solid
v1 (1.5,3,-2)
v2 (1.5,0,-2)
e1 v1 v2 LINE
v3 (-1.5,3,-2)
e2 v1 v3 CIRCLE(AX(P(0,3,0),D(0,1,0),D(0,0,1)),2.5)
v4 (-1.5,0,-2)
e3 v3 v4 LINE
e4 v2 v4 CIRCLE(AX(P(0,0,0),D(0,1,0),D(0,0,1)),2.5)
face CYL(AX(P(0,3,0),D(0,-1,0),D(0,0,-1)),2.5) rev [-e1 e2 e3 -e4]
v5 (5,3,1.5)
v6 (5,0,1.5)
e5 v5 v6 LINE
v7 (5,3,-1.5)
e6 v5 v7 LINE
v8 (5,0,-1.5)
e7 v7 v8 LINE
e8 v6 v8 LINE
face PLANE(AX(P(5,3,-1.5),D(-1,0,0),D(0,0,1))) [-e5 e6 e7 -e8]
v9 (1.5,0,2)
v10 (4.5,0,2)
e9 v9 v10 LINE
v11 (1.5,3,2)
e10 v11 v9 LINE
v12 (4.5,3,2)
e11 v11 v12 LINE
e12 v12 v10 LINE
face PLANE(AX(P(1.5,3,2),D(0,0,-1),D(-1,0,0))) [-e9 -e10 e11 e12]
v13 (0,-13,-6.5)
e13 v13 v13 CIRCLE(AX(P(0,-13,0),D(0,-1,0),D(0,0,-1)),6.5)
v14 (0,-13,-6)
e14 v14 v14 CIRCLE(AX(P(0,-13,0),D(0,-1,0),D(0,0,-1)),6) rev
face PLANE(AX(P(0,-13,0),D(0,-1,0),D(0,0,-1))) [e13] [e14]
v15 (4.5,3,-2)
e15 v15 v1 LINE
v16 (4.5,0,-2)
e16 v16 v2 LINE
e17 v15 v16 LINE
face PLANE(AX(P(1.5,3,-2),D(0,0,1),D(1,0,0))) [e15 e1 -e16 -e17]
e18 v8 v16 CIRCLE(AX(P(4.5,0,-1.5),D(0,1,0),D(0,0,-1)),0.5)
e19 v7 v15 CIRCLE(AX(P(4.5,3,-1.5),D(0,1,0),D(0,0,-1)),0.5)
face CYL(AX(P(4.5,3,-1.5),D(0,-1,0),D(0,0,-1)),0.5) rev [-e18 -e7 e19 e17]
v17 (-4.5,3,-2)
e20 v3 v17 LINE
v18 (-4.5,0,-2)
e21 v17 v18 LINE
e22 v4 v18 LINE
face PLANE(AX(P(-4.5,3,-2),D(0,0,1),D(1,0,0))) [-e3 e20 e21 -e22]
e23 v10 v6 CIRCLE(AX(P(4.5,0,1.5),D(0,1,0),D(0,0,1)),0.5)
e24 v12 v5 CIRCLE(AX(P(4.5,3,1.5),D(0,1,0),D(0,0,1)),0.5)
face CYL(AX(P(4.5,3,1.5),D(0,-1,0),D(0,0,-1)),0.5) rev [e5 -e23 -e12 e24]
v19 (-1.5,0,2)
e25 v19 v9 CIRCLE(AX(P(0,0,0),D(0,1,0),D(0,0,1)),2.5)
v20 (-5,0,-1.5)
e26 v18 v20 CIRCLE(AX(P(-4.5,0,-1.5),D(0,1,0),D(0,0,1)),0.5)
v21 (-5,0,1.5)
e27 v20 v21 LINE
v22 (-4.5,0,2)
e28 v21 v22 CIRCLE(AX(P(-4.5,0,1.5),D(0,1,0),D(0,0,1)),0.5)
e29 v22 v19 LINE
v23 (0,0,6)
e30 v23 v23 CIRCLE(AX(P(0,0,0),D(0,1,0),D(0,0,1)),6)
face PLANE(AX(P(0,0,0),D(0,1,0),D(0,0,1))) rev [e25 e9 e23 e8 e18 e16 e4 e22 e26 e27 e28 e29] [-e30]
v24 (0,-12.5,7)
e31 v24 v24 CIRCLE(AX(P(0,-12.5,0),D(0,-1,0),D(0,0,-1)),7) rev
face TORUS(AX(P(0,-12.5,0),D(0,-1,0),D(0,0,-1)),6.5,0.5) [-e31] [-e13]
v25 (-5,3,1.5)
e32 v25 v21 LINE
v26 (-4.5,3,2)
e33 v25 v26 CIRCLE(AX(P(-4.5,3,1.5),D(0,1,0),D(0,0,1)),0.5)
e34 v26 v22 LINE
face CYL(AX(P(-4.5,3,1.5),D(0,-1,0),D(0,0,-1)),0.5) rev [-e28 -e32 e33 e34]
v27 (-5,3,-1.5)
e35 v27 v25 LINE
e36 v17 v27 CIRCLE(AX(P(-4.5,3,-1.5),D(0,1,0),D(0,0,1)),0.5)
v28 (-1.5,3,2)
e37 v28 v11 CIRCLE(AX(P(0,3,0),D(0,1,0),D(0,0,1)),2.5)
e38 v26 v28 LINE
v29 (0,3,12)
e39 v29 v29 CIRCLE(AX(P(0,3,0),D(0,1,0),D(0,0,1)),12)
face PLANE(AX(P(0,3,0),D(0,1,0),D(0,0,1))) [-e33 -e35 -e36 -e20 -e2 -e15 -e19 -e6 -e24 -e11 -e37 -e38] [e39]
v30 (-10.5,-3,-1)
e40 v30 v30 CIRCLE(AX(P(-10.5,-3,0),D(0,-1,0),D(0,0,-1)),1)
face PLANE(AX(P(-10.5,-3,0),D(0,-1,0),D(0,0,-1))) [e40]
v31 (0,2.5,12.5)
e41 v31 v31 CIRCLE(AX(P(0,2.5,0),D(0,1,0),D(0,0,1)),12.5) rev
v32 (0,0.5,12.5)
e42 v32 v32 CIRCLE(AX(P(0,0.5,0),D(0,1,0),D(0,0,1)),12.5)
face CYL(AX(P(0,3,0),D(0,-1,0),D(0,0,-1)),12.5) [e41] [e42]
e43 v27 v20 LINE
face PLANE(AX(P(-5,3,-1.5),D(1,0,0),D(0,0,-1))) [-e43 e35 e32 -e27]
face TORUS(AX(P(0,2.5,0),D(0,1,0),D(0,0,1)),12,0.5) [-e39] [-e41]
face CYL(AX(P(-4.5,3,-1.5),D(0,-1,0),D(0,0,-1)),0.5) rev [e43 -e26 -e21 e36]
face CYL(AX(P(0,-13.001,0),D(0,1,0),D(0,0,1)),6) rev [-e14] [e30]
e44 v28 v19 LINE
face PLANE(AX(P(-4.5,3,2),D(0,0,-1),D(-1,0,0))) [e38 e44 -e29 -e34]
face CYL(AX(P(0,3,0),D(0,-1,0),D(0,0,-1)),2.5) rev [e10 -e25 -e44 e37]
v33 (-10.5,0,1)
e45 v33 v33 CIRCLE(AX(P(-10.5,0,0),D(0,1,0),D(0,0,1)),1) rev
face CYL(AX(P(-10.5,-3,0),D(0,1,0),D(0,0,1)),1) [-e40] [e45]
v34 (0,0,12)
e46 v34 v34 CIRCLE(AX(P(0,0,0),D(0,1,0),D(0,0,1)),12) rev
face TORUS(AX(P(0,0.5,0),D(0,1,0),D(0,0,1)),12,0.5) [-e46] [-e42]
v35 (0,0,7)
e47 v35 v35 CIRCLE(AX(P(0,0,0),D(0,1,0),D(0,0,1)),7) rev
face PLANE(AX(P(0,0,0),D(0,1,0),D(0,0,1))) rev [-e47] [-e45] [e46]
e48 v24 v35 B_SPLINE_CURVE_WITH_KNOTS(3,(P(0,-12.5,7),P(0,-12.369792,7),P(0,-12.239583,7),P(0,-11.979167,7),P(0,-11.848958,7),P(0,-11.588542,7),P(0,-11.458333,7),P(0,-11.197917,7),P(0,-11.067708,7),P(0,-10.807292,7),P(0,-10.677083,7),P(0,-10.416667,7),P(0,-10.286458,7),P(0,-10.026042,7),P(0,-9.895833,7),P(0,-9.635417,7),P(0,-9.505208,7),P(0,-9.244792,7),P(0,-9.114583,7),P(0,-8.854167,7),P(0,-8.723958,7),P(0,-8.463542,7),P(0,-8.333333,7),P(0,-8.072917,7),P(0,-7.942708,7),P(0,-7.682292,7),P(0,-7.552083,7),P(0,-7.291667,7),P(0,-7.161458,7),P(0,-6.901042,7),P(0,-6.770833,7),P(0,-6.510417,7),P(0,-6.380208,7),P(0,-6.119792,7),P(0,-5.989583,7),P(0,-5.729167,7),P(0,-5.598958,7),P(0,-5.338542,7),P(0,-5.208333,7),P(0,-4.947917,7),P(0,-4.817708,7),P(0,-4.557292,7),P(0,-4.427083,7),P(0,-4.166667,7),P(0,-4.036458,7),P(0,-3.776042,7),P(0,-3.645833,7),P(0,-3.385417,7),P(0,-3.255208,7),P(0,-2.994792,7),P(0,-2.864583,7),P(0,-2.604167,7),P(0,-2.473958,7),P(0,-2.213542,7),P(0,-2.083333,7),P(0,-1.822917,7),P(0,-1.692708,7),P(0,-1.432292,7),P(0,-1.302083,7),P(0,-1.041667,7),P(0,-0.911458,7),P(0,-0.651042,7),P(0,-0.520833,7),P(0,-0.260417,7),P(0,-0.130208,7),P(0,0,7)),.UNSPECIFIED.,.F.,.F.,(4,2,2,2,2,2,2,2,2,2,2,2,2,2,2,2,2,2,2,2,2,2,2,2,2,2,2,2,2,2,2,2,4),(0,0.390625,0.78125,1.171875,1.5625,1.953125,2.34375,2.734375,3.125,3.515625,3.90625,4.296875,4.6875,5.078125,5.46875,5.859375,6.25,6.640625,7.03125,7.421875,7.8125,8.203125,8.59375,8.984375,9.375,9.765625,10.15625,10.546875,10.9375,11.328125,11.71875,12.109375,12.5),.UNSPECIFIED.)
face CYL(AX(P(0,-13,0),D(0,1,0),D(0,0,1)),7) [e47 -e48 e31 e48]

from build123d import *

# Parameters (mm, degrees)
SKETCH1_R           = 12.5
BOSS_EXTRUDE1_DEPTH = 3
SKETCH3_R           = 1
BOSS_EXTRUDE2_DEPTH = 3
SKETCH4_R           = 7
BOSS_EXTRUDE3_DEPTH = 13
CUT_EXTRUDE1_REACH  = 23.943
SKETCH5_R           = 6
FILLET2_R           = 0.5
FILLET3_R           = 0.5


with BuildPart() as part:
    # Sketch1 → Boss-Extrude1 (new body)
    with BuildSketch(Plane(origin=(0, 0, 0), x_dir=(1, 0, 0), z_dir=(0, 1, 0))):
        with Locations(Location((0, 0, 0), (0, 0, 270))):
            Circle(SKETCH1_R)
        with BuildLine():
            Line((1.5, 2), (4.5, 2))
            ThreePointArc((4.5, 2), (4.853553391, 1.853553391), (5, 1.5))
            Line((5, 1.5), (5, -1.5))
            ThreePointArc((5, -1.5), (4.853553391, -1.853553391), (4.5, -2))
            Line((4.5, -2), (1.5, -2))
            ThreePointArc((1.5, -2), (0, -2.5), (-1.5, -2))
            Line((-1.5, -2), (-4.5, -2))
            ThreePointArc((-4.5, -2), (-4.853553391, -1.853553391), (-5, -1.5))
            Line((-5, -1.5), (-5, 1.5))
            ThreePointArc((-5, 1.5), (-4.853553391, 1.853553391), (-4.5, 2))
            Line((-4.5, 2), (-1.5, 2))
            ThreePointArc((-1.5, 2), (0, 2.5), (1.5, 2))
        make_face(mode=Mode.SUBTRACT)
    extrude(amount=BOSS_EXTRUDE1_DEPTH)

    # Sketch3 → Boss-Extrude2 (add)
    with BuildSketch(Plane.XZ):
        with Locations(Location((-10.5, 0, 0), (0, 0, 90))):
            Circle(SKETCH3_R)
    extrude(amount=BOSS_EXTRUDE2_DEPTH)

    # Sketch4 → Boss-Extrude3 (add)
    with BuildSketch(Plane.XZ):
        with Locations(Location((0, 0, 0), (0, 0, 90))):
            Circle(SKETCH4_R)
    extrude(amount=BOSS_EXTRUDE3_DEPTH)

    # Sketch5 → Cut-Extrude1 (cut, up to next)
    with BuildSketch(Plane(origin=(0, 0, 0), x_dir=(1, 0, 0), z_dir=(0, 1, 0)), mode=Mode.PRIVATE) as cut_extrude1_sk1:
        with Locations(Location((0, 0, 0), (0, 0, 270))):
            Circle(SKETCH5_R)
    cut_extrude1_tool1 = extrude(cut_extrude1_sk1.sketch, amount=-CUT_EXTRUDE1_REACH, mode=Mode.PRIVATE) & part.part
    add(cut_extrude1_tool1.solids().sort_by_distance((0, 0, 0))[0], mode=Mode.SUBTRACT)

    # Fillet2
    fillet2_edges = [part.edges().sort_by_distance(p)[0] for p in [
        (0, 0, -12.5),
        (0, 3, -12.5),
    ]]
    fillet(fillet2_edges, radius=FILLET2_R)

    # Fillet3
    fillet3_edges = [part.edges().sort_by_distance(p)[0] for p in [
        (0, -13, -7),
    ]]
    fillet(fillet3_edges, radius=FILLET3_R)


solid = part.part
